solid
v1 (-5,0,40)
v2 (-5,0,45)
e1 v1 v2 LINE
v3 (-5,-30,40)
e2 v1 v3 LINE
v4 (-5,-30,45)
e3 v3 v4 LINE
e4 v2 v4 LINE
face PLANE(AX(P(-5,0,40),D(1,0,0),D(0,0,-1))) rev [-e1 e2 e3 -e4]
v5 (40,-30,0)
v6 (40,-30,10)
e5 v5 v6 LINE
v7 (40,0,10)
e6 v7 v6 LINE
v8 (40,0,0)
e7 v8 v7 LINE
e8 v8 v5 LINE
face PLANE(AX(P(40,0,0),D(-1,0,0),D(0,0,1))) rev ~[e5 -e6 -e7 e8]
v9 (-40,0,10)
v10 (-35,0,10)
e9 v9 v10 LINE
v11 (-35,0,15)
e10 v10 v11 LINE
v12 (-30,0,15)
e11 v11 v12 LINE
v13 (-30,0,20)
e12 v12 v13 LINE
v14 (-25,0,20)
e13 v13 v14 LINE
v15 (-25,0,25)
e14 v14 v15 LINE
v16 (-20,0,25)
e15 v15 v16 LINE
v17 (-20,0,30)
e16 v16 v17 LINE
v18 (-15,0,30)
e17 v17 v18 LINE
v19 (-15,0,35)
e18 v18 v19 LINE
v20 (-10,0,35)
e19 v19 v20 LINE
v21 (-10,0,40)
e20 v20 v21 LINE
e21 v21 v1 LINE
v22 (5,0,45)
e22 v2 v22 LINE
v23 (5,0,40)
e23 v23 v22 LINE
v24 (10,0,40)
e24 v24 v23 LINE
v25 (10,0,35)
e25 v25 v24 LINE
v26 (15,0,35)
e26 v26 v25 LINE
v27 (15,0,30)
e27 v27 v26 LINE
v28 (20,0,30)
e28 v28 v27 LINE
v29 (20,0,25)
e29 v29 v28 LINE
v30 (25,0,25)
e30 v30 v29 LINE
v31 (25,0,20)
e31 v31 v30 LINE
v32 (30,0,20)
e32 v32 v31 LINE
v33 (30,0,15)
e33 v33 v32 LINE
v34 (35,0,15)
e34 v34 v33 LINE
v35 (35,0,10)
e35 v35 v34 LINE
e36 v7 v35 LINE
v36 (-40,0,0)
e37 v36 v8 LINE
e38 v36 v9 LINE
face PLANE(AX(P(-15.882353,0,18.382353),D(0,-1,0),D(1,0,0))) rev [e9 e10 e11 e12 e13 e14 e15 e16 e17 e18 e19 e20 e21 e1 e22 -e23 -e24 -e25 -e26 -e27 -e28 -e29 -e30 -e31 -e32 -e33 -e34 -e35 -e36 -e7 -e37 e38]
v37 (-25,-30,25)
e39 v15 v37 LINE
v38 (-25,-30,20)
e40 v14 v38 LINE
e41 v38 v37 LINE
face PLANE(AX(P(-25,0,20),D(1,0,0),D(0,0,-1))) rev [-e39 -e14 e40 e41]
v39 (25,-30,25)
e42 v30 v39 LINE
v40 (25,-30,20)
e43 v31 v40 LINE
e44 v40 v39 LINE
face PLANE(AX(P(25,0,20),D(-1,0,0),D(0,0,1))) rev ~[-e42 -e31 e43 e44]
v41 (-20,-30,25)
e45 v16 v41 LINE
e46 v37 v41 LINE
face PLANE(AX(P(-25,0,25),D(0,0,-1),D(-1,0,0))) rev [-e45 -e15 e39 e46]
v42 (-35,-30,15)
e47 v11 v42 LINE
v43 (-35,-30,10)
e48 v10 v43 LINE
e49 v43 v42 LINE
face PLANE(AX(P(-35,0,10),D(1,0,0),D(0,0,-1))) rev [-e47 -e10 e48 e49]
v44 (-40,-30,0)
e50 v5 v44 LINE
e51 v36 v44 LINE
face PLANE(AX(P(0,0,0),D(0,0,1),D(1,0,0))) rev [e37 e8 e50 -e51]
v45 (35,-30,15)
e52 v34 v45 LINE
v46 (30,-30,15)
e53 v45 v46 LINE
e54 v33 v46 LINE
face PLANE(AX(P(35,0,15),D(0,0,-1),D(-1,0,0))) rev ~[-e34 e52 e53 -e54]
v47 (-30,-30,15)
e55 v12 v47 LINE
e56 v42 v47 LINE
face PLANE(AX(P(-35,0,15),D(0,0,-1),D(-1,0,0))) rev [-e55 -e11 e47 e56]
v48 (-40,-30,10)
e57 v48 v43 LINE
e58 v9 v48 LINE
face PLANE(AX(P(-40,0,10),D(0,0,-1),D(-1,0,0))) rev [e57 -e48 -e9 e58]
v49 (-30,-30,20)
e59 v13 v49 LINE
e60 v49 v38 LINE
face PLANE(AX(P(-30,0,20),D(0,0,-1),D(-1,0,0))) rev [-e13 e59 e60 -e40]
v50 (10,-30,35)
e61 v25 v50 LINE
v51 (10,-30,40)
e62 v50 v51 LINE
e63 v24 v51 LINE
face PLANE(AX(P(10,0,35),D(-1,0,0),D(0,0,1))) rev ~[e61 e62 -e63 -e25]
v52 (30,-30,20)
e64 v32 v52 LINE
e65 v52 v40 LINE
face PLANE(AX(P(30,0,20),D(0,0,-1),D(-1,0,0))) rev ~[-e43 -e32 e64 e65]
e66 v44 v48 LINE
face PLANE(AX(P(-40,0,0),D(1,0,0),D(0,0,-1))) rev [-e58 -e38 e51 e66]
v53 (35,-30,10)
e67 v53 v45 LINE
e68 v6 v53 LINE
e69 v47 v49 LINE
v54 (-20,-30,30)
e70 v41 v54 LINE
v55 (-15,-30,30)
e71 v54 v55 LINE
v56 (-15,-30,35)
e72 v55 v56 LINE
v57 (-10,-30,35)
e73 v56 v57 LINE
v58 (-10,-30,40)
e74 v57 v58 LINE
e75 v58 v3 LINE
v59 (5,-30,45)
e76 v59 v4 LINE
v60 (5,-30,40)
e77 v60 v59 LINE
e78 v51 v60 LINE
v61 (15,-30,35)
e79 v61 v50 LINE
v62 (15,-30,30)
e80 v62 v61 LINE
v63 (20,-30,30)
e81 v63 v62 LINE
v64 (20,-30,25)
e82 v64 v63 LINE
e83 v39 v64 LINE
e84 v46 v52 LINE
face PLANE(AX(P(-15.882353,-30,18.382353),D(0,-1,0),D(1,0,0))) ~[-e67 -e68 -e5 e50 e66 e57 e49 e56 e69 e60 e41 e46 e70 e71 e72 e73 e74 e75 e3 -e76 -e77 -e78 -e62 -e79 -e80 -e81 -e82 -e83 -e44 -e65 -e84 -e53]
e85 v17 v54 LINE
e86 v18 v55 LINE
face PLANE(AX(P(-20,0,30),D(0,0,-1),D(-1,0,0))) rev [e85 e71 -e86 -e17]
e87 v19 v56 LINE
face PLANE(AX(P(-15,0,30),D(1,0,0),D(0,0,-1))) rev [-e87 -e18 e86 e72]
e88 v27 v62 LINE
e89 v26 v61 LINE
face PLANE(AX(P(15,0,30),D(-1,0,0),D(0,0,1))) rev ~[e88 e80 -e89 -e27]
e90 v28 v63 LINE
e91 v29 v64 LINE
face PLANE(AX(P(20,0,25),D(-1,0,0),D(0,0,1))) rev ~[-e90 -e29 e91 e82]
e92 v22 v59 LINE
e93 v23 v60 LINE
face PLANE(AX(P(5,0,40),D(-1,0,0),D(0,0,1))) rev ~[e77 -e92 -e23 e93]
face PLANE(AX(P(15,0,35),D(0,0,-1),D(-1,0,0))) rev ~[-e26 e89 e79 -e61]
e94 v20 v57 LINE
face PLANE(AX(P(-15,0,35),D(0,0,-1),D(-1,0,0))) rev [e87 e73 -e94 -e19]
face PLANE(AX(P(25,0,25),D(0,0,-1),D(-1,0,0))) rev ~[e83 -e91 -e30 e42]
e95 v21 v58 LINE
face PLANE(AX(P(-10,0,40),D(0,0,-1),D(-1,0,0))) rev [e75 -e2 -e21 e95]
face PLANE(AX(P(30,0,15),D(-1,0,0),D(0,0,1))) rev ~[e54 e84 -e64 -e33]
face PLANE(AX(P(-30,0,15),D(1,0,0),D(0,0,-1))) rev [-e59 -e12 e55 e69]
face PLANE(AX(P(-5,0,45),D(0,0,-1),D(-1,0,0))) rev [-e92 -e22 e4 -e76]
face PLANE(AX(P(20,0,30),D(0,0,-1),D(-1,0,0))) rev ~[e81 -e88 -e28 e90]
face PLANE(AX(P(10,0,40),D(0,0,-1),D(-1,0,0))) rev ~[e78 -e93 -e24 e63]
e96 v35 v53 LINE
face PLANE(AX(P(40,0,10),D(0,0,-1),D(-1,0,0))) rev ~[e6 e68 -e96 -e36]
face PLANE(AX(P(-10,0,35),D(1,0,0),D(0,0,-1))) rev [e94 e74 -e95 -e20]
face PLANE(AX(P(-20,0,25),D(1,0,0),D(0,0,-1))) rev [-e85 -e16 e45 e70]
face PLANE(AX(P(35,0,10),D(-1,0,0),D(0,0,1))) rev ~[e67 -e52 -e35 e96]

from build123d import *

# Parameters (mm, degrees)
F1_DEPTH = 30


with BuildPart() as f1:
    # F0 (on Front) → F1 (new body)
    with BuildSketch(Plane.XZ):
        Polygon((0, 45), (0, 0), (40, 0), (40, 10), (35, 10), (35, 15), (30, 15), (30, 20), (25, 20), (25, 25), (20, 25), (20, 30), (15, 30), (15, 35), (10, 35), (10, 40), (5, 40), (5, 45), align=None)
    extrude(amount=F1_DEPTH)

    # F2: F1 across plane


with BuildPart() as f1_1:
    add(f1.part)
    add(f1.part.mirror(Plane.YZ))


solid = f1_1.part
